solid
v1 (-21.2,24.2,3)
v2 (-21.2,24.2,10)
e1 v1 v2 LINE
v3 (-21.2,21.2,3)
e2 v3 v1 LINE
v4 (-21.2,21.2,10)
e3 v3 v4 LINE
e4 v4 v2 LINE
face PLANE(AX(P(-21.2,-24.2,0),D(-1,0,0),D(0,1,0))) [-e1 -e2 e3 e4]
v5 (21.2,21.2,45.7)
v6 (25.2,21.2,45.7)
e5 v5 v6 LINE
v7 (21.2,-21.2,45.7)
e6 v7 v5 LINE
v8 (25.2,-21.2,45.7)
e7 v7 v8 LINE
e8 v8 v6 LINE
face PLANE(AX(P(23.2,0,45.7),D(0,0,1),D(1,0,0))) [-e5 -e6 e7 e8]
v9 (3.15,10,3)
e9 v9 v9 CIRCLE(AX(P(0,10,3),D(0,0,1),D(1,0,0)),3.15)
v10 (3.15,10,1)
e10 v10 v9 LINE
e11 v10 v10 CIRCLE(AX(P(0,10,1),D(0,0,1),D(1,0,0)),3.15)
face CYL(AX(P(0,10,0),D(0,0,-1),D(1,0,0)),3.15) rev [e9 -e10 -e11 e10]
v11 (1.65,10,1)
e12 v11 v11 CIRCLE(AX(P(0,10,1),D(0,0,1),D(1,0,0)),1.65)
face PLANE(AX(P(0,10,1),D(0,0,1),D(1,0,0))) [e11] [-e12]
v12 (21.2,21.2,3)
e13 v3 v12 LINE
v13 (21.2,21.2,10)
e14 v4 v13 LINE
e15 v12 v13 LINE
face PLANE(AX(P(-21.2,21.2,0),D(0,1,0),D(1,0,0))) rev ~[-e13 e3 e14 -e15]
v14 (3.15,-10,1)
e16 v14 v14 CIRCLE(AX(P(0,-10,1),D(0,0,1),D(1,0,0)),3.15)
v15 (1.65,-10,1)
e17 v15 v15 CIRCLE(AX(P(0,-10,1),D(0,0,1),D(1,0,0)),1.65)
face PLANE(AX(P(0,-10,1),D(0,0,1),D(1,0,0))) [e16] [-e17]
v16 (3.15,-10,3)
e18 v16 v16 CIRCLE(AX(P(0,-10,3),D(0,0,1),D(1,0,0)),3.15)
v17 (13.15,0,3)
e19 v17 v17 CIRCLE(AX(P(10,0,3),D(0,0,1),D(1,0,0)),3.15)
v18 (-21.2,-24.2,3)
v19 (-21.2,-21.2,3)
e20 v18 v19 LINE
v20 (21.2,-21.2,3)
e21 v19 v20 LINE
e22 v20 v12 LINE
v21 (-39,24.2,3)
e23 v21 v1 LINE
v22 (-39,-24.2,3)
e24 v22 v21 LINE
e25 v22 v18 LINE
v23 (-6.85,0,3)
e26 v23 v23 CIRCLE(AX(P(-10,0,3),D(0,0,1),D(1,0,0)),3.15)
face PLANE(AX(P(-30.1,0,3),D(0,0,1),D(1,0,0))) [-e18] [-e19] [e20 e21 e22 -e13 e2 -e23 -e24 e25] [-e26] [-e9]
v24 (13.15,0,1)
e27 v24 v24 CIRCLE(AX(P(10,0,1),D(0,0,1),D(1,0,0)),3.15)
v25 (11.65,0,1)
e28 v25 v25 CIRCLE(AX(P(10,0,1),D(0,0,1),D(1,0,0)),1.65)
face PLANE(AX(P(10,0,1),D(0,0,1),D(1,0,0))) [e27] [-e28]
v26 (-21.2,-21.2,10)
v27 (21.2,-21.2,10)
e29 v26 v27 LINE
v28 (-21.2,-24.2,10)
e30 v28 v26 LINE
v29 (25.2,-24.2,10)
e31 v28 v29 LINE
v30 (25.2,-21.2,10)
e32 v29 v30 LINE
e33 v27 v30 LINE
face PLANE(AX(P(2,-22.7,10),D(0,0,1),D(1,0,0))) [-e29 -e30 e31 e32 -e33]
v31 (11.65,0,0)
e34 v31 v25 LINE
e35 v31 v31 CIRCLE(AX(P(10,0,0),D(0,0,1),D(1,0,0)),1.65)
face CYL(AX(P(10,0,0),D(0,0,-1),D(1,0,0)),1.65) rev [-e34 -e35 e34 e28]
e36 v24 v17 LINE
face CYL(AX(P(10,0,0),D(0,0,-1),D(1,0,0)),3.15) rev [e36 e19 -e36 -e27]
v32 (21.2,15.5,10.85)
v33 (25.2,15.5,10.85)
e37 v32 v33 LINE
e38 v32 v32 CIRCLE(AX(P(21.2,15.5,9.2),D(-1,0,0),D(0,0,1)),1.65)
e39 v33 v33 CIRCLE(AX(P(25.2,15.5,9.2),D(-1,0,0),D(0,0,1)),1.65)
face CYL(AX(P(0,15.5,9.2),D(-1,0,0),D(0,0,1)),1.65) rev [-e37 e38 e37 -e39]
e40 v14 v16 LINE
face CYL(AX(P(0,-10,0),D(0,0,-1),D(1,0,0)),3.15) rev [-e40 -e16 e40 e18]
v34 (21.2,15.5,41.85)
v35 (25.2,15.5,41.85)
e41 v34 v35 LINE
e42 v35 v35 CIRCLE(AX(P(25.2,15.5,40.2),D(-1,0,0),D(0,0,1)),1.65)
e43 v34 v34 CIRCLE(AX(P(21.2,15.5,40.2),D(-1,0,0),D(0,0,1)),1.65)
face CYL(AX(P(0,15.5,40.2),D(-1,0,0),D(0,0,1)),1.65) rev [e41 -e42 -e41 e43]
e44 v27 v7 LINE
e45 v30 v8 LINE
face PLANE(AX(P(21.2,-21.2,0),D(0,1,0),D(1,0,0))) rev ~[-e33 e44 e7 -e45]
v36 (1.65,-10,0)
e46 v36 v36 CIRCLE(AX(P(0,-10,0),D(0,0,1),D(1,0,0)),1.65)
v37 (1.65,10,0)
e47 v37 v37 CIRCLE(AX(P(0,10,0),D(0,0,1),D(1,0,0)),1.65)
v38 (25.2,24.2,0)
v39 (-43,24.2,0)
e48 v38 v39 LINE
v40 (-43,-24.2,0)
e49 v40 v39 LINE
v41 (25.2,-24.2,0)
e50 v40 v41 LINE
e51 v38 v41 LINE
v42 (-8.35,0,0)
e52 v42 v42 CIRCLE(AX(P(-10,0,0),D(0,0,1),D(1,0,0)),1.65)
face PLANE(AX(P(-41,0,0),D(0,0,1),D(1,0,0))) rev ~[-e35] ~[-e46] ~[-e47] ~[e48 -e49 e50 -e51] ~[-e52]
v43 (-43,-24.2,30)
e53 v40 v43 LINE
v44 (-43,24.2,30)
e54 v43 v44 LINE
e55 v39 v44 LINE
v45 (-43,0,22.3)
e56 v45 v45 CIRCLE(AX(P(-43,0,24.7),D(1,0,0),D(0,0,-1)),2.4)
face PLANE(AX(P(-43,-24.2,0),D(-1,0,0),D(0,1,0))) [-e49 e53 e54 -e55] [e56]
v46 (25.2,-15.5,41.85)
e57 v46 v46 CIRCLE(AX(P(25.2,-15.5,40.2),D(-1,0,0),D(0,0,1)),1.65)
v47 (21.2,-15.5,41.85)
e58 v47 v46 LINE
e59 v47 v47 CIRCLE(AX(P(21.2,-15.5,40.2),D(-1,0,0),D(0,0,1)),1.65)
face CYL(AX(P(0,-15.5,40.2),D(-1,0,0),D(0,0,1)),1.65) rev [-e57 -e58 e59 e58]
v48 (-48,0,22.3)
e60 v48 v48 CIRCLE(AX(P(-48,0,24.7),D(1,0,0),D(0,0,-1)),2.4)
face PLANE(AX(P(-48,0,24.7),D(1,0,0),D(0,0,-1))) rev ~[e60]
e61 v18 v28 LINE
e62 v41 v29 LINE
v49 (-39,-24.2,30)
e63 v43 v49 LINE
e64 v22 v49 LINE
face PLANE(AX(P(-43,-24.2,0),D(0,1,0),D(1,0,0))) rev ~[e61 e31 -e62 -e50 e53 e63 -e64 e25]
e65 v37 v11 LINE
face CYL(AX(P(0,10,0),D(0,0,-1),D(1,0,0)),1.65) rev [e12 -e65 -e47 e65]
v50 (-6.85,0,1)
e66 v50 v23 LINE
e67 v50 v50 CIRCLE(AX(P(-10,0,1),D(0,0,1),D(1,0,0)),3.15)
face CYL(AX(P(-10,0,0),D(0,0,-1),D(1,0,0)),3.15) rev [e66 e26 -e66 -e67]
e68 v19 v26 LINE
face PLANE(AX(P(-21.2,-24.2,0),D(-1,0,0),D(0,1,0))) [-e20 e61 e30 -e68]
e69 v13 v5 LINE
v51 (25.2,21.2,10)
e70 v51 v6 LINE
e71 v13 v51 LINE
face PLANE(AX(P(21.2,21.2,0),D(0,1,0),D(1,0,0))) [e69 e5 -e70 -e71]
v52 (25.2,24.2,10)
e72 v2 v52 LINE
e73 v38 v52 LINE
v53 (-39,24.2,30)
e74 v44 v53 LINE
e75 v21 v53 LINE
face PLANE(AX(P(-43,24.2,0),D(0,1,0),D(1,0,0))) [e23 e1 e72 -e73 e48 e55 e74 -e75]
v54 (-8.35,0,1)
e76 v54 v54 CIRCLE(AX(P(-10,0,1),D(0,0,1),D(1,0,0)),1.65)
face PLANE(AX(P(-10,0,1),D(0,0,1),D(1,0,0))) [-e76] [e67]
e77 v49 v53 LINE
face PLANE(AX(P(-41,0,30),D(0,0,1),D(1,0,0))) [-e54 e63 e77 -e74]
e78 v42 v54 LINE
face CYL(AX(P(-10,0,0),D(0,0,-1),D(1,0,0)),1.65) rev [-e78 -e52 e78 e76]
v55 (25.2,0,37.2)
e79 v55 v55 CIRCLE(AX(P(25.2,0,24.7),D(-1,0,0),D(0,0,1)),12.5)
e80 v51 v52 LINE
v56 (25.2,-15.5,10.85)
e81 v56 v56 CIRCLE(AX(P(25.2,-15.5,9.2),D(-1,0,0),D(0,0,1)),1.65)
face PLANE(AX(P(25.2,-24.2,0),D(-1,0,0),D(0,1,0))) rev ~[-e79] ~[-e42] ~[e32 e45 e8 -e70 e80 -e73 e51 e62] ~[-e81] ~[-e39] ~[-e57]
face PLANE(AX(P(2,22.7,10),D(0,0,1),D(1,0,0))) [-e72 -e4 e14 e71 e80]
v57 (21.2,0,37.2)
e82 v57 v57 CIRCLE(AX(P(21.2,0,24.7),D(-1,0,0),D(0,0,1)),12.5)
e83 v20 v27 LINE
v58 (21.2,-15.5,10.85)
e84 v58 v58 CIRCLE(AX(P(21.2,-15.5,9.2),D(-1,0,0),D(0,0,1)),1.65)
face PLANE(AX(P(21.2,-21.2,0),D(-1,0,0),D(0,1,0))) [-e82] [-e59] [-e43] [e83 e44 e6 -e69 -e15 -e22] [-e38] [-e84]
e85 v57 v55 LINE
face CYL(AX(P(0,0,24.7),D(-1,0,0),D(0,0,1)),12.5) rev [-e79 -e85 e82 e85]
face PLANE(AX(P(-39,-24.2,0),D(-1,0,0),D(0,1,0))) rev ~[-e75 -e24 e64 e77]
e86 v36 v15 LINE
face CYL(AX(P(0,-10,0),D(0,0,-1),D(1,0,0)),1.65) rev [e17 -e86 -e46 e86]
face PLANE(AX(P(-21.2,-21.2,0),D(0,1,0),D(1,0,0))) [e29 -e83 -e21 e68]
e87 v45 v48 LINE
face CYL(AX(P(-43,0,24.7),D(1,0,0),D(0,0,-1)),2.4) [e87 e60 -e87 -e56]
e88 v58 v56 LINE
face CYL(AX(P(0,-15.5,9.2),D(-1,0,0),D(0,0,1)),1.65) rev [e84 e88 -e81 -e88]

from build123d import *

# Parameters (mm, degrees)
SKETCH_1_W          = 42.4
SKETCH_1_H          = 42.4
SKETCH_1_R          = 3.15
EXTRUDE_1_DEPTH     = 3
SKETCH_1_3_R        = 3.15
SKETCH_1_3_R_2      = 1.65
EXTRUDE_2_DEPTH     = 1
SKETCH_2_W          = 4
SKETCH_2_H          = 42.4
EXTRUDE_3_DEPTH     = 45.7
SKETCH_3_R          = 1.65
SKETCH_3_R_2        = 12.5
CUT_EXTRUDE_2_DEPTH = 45.2
SKETCH_4_W          = 46.4
SKETCH_4_H          = 3
EXTRUDE_4_DEPTH     = 10
SKETCH_9_W          = 17.8
SKETCH_9_H          = 48.4
EXTRUDE_8_DEPTH     = 3
SKETCH_10_W         = 4
SKETCH_10_H         = 48.4
EXTRUDE_9_DEPTH     = 30
EXTRUDE_START       = -43
SKETCH_11_R         = 2.4
EXTRUDE_10_DEPTH    = 5


with BuildPart() as part:
    # 草图1 → 凸台-拉伸1 (new body)
    with BuildSketch(Plane.XY):
        Rectangle(SKETCH_1_W, SKETCH_1_H)
        with Locations((-10, 0)):
            Circle(SKETCH_1_R, mode=Mode.SUBTRACT)
        with Locations((0, -10)):
            Circle(SKETCH_1_R, mode=Mode.SUBTRACT)
        with Locations((10, 0)):
            Circle(SKETCH_1_R, mode=Mode.SUBTRACT)
        with Locations((0, 10)):
            Circle(SKETCH_1_R, mode=Mode.SUBTRACT)
    extrude(amount=EXTRUDE_1_DEPTH)

    # 草图1<3> → 凸台-拉伸2 (add)
    # profile 1 of 4: a face of its own
    with BuildSketch(Plane.XY):
        with Locations((-10, 0)):
            Circle(SKETCH_1_3_R)
        with Locations((-10, 0)):
            Circle(SKETCH_1_3_R_2, mode=Mode.SUBTRACT)
    # profile 2 of 4: a face of its own
    with BuildSketch(Plane.XY):
        with Locations((0, 10)):
            Circle(SKETCH_1_3_R)
        with Locations((0, 10)):
            Circle(SKETCH_1_3_R_2, mode=Mode.SUBTRACT)
    # profile 3 of 4: a face of its own
    with BuildSketch(Plane.XY):
        with Locations((10, 0)):
            Circle(SKETCH_1_3_R)
        with Locations((10, 0)):
            Circle(SKETCH_1_3_R_2, mode=Mode.SUBTRACT)
    # profile 4 of 4: a face of its own
    with BuildSketch(Plane.XY):
        with Locations((0, -10)):
            Circle(SKETCH_1_3_R)
        with Locations((0, -10)):
            Circle(SKETCH_1_3_R_2, mode=Mode.SUBTRACT)
    extrude(amount=EXTRUDE_2_DEPTH)

    # 草图2 → 凸台-拉伸3 (add)
    with BuildSketch(Plane.XY):
        with Locations((23.2, 0)):
            Rectangle(SKETCH_2_W, SKETCH_2_H)
    extrude(amount=EXTRUDE_3_DEPTH)

    # 草图3 → 切除-拉伸2 (cut)
    with BuildSketch(Plane(origin=(0, 0, 0), x_dir=(0, 0, -1), z_dir=(1, 0, 0))):
        with Locations(Location((-9.2, -15.5, 0), (0, 0, 180))):
            Circle(SKETCH_3_R)
        with Locations(Location((-40.2, -15.5, 0), (0, 0, 180))):
            Circle(SKETCH_3_R)
        with Locations(Location((-40.2, 15.5, 0), (0, 0, 180))):
            Circle(SKETCH_3_R)
        with Locations(Location((-9.2, 15.5, 0), (0, 0, 180))):
            Circle(SKETCH_3_R)
        with Locations(Location((-24.7, 0, 0), (0, 0, 180))):
            Circle(SKETCH_3_R_2)
    extrude(amount=CUT_EXTRUDE_2_DEPTH, mode=Mode.SUBTRACT)

    # 草图4 → 凸台-拉伸4 (add)
    with BuildSketch(Plane.XY):
        with Locations((2, -22.7)):
            Rectangle(SKETCH_4_W, SKETCH_4_H)
        with Locations((2, 22.7)):
            Rectangle(SKETCH_4_W, SKETCH_4_H)
    extrude(amount=EXTRUDE_4_DEPTH)

    # 草图9 → 凸台-拉伸8 (add)
    with BuildSketch(Plane.XY):
        with Locations((-30.1, 0)):
            Rectangle(SKETCH_9_W, SKETCH_9_H)
    extrude(amount=EXTRUDE_8_DEPTH)

    # 草图10 → 凸台-拉伸9 (add)
    with BuildSketch(Plane.XY):
        with Locations((-41, 0)):
            Rectangle(SKETCH_10_W, SKETCH_10_H)
    extrude(amount=EXTRUDE_9_DEPTH)

    # 草图11 → 凸台-拉伸10 (add)
    with BuildSketch(Plane(origin=(0, 0, 0), x_dir=(0, 0, -1), z_dir=(1, 0, 0)).offset(EXTRUDE_START)):
        with Locations((-24.7, 0)):
            Circle(SKETCH_11_R)
    extrude(amount=-EXTRUDE_10_DEPTH)


solid = part.part
